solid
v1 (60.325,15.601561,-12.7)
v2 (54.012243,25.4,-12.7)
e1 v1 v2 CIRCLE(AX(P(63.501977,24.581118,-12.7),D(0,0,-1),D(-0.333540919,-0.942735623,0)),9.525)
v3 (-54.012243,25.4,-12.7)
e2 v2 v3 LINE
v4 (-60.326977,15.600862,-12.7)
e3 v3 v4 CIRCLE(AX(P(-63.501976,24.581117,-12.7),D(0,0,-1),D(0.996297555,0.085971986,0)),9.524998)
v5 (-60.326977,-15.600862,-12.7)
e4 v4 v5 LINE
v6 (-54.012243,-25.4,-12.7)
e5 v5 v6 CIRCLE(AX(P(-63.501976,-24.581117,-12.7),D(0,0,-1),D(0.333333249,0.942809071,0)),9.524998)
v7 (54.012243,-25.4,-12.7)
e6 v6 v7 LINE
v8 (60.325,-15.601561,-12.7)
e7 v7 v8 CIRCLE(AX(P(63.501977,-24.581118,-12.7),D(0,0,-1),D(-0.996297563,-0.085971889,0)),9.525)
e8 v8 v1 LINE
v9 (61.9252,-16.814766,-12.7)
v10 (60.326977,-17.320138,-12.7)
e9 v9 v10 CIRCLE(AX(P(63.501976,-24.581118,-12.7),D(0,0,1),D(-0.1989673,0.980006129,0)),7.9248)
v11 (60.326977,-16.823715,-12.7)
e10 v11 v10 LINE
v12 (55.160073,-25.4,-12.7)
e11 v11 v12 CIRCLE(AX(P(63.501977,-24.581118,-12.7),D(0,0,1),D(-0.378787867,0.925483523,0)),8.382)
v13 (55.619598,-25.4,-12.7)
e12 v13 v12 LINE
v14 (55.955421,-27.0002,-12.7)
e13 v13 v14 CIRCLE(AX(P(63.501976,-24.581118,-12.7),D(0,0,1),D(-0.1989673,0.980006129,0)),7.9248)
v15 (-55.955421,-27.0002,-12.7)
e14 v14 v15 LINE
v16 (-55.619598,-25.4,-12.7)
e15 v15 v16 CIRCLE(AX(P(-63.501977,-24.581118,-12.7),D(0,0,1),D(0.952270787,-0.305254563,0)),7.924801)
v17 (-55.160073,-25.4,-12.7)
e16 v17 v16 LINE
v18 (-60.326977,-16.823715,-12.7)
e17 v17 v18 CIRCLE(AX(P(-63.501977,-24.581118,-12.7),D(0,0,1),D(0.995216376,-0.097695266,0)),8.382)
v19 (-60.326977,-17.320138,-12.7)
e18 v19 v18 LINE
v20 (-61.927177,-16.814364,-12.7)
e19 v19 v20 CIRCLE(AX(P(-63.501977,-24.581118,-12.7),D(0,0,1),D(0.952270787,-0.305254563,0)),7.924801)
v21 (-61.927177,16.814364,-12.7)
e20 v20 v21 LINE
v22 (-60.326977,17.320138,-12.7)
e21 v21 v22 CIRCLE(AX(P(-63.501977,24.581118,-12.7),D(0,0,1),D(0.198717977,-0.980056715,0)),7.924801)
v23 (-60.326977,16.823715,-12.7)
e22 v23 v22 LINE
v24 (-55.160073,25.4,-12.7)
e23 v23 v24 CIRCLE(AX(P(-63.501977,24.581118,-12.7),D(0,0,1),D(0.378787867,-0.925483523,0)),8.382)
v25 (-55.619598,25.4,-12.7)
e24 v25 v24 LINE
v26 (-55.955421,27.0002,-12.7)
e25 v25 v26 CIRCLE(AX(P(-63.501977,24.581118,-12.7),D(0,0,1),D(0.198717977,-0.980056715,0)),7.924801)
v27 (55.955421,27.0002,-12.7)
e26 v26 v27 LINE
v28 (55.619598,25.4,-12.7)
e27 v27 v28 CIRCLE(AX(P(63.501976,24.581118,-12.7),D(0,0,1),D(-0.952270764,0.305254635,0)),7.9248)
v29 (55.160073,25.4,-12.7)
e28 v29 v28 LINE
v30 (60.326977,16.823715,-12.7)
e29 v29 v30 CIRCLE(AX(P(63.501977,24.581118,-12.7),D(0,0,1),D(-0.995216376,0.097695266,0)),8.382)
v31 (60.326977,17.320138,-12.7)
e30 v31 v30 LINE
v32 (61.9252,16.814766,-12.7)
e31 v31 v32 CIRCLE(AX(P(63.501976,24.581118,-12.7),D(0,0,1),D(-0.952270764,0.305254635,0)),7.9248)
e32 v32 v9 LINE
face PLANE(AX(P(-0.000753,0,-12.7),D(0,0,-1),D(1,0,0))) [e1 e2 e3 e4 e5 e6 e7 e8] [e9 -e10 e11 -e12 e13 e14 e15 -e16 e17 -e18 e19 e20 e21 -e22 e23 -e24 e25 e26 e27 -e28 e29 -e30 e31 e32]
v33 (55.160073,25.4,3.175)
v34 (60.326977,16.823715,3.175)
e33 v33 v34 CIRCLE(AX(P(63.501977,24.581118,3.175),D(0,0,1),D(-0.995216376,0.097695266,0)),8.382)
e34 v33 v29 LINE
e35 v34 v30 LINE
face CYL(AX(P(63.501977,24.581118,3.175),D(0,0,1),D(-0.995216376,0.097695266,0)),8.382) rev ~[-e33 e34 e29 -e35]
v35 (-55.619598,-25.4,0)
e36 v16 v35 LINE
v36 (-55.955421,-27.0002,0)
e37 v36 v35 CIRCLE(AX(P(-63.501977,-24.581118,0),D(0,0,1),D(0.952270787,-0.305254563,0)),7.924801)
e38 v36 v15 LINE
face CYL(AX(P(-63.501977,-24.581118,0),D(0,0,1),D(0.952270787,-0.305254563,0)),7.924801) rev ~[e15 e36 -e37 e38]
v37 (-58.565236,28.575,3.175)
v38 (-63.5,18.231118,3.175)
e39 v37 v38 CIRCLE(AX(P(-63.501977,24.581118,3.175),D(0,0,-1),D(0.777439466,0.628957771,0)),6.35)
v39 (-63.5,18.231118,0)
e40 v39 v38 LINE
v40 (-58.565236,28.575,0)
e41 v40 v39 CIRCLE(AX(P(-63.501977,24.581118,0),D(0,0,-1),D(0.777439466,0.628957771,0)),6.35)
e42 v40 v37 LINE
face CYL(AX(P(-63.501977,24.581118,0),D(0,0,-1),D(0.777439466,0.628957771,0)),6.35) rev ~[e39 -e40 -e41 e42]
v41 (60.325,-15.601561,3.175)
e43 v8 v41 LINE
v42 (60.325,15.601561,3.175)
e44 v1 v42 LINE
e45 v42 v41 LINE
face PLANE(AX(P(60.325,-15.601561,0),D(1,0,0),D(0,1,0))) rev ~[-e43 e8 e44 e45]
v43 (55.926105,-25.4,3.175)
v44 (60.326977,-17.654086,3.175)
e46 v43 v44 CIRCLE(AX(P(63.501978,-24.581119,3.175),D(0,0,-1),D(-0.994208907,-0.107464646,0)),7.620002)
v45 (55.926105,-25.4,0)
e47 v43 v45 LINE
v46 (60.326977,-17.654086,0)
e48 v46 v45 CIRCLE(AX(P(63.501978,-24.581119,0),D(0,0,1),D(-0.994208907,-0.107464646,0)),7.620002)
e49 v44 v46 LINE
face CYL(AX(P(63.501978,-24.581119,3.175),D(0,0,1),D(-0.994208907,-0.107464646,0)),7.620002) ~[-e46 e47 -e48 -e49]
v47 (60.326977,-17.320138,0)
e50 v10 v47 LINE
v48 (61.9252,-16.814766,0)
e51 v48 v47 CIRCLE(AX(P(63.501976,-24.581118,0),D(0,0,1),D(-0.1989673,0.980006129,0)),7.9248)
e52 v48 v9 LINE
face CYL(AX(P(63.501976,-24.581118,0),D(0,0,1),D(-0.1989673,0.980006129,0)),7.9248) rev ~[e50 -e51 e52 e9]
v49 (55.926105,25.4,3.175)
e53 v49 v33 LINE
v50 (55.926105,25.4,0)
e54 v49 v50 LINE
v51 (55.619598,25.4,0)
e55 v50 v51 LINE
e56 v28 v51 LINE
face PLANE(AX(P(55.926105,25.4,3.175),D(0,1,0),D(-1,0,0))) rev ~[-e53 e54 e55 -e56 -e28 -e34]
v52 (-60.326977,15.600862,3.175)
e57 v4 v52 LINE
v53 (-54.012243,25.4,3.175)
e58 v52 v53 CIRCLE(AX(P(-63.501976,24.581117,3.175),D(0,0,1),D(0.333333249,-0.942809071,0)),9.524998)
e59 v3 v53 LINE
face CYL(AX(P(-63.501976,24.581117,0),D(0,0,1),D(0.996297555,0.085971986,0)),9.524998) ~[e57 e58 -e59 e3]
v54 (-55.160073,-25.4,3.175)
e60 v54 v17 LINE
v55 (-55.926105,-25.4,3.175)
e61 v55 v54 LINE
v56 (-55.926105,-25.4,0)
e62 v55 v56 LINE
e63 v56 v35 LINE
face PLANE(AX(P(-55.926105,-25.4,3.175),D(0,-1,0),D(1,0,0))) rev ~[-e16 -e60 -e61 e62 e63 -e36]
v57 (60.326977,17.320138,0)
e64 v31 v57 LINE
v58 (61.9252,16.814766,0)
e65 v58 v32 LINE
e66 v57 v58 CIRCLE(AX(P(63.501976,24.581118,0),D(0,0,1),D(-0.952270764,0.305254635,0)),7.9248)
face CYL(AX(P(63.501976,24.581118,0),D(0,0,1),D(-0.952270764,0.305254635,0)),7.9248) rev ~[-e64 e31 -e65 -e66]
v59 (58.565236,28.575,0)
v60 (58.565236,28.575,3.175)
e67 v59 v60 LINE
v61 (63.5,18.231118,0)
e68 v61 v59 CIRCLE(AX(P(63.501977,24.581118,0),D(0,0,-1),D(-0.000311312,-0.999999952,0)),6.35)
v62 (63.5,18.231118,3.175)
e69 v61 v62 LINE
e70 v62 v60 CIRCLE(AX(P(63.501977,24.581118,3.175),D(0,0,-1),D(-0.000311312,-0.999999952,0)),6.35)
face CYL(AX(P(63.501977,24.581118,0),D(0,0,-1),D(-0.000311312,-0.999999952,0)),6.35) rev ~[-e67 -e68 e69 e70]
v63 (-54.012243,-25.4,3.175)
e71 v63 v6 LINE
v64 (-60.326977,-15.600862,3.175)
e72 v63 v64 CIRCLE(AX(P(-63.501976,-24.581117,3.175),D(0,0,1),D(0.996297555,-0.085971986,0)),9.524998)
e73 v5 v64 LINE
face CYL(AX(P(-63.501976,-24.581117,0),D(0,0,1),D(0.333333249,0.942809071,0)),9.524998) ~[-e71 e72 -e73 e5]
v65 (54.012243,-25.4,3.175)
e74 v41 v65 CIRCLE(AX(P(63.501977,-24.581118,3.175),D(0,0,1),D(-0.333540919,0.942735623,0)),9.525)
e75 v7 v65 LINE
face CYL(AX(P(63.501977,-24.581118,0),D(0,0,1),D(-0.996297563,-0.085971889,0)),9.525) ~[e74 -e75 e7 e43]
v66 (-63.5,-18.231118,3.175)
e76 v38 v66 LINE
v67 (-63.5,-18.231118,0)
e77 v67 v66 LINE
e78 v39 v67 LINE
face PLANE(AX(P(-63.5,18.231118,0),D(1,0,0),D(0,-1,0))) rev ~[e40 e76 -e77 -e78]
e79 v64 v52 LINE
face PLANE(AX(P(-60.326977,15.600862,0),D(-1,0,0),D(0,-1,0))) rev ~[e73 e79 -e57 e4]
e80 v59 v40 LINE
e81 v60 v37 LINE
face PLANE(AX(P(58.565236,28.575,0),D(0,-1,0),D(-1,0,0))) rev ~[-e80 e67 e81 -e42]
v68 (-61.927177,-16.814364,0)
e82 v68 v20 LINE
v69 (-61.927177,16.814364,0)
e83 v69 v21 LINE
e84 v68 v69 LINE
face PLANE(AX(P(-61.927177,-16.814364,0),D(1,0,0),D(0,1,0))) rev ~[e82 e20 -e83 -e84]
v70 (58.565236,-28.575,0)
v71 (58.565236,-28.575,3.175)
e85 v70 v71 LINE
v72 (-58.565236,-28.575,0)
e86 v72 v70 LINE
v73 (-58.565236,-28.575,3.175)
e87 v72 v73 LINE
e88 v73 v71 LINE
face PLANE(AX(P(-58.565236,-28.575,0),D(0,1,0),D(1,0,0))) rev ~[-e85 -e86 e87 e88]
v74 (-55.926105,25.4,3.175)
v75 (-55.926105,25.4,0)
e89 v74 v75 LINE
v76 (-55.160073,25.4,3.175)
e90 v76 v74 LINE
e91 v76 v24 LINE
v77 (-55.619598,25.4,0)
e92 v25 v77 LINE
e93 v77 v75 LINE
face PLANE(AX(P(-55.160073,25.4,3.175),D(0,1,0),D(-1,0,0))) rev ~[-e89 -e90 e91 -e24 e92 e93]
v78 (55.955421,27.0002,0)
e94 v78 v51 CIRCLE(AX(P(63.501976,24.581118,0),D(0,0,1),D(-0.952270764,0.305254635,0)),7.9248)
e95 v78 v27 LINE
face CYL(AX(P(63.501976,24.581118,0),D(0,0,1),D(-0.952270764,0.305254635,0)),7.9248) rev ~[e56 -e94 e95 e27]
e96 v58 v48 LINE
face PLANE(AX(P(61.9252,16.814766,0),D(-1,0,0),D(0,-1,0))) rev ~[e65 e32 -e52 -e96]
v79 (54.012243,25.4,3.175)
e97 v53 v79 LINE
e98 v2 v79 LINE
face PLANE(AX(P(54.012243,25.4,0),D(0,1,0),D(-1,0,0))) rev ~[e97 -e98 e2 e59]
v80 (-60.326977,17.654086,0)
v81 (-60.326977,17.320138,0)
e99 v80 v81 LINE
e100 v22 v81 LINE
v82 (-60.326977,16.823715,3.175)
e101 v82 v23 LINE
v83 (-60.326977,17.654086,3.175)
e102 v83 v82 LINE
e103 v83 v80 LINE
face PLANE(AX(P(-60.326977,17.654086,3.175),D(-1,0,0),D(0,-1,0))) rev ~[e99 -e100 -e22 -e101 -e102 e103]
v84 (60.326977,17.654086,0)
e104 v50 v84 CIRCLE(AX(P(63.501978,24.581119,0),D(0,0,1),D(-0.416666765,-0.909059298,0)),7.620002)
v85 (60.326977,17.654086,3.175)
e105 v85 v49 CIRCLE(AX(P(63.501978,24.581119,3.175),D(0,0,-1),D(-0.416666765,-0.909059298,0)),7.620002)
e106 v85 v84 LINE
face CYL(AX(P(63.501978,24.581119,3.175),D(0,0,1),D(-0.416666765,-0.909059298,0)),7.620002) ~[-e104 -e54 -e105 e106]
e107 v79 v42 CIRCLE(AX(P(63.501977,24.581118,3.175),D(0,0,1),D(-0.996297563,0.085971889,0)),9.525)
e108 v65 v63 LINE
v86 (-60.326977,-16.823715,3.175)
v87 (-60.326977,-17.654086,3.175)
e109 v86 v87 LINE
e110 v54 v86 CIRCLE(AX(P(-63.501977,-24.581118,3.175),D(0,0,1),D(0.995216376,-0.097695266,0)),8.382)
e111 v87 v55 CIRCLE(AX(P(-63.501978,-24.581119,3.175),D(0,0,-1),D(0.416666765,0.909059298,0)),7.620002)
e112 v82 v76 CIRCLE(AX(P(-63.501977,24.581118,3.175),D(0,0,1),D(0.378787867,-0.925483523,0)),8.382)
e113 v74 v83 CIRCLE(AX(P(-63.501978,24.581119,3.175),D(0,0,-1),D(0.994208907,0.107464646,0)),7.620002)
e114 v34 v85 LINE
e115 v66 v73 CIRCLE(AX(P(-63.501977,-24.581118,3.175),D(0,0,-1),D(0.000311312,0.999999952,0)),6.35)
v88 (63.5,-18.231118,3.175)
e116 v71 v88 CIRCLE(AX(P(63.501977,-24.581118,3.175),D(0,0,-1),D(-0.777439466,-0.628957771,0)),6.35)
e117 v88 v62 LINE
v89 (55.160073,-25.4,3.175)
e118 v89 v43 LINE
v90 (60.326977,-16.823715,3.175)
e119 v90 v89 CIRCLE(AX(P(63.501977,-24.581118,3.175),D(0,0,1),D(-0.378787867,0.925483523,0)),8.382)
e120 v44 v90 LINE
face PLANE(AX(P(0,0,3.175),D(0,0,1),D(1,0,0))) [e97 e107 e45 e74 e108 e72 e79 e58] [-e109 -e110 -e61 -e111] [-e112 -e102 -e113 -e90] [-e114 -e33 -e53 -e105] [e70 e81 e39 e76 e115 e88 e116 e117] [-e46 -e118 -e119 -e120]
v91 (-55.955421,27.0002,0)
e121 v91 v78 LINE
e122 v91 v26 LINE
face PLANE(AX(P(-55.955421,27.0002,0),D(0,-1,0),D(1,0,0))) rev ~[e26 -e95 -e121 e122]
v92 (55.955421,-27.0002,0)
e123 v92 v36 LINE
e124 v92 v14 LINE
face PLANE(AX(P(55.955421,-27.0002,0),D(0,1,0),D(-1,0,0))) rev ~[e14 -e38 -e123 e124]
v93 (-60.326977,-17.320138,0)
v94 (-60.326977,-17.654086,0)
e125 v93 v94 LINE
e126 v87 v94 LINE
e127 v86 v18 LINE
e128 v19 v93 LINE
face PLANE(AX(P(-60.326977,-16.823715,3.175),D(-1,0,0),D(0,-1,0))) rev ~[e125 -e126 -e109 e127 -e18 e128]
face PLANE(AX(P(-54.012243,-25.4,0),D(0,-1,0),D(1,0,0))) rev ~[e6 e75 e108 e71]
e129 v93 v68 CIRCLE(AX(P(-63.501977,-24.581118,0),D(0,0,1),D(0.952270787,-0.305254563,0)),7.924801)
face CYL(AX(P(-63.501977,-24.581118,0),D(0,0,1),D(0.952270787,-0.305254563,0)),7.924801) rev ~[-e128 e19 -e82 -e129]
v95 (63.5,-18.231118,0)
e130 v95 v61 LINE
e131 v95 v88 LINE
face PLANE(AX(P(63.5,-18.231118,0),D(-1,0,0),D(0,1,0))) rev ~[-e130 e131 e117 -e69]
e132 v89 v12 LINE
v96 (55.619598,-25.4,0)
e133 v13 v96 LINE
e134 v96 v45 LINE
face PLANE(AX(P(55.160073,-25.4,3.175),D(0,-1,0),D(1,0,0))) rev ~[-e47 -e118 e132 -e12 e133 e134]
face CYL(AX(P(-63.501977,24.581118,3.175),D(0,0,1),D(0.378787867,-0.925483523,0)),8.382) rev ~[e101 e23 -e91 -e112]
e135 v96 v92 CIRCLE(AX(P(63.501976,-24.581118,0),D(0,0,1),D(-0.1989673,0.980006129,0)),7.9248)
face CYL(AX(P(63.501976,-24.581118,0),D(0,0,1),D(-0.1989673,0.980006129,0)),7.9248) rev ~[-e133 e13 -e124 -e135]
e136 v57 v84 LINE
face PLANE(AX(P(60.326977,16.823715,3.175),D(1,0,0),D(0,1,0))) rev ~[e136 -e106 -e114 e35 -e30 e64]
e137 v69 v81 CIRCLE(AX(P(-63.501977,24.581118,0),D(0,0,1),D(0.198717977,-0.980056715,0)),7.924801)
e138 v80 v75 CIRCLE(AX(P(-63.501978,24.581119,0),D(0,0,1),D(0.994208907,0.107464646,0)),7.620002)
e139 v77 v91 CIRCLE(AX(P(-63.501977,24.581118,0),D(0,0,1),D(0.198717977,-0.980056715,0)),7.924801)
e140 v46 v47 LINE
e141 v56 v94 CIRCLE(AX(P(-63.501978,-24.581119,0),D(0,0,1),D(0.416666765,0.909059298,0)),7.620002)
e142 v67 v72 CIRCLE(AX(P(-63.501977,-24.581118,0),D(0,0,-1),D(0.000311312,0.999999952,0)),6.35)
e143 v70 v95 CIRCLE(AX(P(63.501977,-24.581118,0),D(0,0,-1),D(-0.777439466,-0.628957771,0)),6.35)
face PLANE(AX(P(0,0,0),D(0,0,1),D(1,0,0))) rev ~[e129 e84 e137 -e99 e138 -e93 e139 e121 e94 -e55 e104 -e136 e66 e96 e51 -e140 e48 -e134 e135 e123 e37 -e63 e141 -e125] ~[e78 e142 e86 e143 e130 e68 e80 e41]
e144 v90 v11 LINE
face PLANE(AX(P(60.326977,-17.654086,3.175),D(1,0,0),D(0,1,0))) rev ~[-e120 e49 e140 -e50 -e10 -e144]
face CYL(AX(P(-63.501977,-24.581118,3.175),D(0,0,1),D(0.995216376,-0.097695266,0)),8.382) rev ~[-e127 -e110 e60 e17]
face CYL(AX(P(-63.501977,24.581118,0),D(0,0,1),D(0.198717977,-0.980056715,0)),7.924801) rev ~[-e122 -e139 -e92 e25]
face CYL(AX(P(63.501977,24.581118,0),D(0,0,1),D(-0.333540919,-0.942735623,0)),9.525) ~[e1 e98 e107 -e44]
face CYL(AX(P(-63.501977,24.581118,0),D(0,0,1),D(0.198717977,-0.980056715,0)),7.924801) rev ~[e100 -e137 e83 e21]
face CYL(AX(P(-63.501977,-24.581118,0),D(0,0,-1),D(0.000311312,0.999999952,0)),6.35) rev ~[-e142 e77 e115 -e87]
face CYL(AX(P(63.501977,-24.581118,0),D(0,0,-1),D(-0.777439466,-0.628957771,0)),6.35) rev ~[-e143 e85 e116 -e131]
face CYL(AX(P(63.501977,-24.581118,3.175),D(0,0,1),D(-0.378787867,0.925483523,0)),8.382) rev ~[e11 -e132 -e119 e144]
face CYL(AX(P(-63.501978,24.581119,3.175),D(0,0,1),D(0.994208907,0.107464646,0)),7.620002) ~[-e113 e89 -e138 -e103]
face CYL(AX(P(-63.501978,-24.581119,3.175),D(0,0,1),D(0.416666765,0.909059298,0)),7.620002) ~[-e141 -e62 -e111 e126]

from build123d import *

# Parameters (mm, degrees)
F1_DEPTH = 3.175
F3_DEPTH = 12.7
F5_DEPTH = 25.4


with BuildPart() as f1:
    # F0 (on Top) → F1 (new body)
    with BuildSketch(Plane.XY):
        with BuildLine():
            Line((-58.565236, -28.575), (58.565236, -28.575))
            ThreePointArc((58.565236, -28.575), (57.770772, -21.846928), (63.5, -18.231118))
            Line((63.5, -18.231118), (63.5, 18.231118))
            ThreePointArc((63.5, 18.231118), (57.770772, 21.846928), (58.565236, 28.575))
            Line((58.565236, 28.575), (-58.565236, 28.575))
            ThreePointArc((-58.565236, 28.575), (-57.770772, 21.846928), (-63.5, 18.231118))
            Line((-63.5, 18.231118), (-63.5, -18.231118))
            ThreePointArc((-63.5, -18.231118), (-57.770772, -21.846928), (-58.565236, -28.575))
        make_face()
        with BuildLine():
            ThreePointArc((-54.012243, -25.4), (-55.495439, -19.421566), (-60.326977, -15.600862))
            Line((-60.326977, -15.600862), (-60.326977, 15.600862))
            ThreePointArc((-60.326977, 15.600862), (-55.495439, 19.421566), (-54.012243, 25.4))
            Line((-54.012243, 25.4), (54.012243, 25.4))
            ThreePointArc((54.012243, 25.4), (55.494871, 19.422448), (60.325, 15.601561))
            Line((60.325, 15.601561), (60.325, -15.601561))
            ThreePointArc((60.325, -15.601561), (55.494871, -19.422448), (54.012243, -25.4))
            Line((54.012243, -25.4), (-54.012243, -25.4))
        make_face(mode=Mode.SUBTRACT)
    extrude(amount=F1_DEPTH)

    # F2 (on face) → F3 (join)
    with BuildSketch(Plane(origin=(0, 0, 0), x_dir=(1, 0, 0), z_dir=(0, 0, -1))):
        with BuildLine():
            ThreePointArc((55.955421, -27.0002), (56.664977, -20.573888), (61.9252, -16.814766))
            Line((61.9252, -16.814766), (61.9252, 16.814766))
            ThreePointArc((61.9252, 16.814766), (56.664977, 20.573888), (55.955421, 27.0002))
            Line((55.955421, 27.0002), (-55.955421, 27.0002))
            ThreePointArc((-55.955421, 27.0002), (-56.665487, 20.573018), (-61.927177, 16.814364))
            Line((-61.927177, 16.814364), (-61.927177, -16.814364))
            ThreePointArc((-61.927177, -16.814364), (-56.665487, -20.573018), (-55.955421, -27.0002))
            Line((-55.955421, -27.0002), (55.955421, -27.0002))
        make_face()
        with BuildLine():
            Line((-54.012243, 25.4), (54.012243, 25.4))
            ThreePointArc((54.012243, 25.4), (55.494871, 19.422448), (60.325, 15.601561))
            Line((60.325, 15.601561), (60.325, -15.601561))
            ThreePointArc((60.325, -15.601561), (55.494871, -19.422448), (54.012243, -25.4))
            Line((54.012243, -25.4), (-54.012243, -25.4))
            ThreePointArc((-54.012243, -25.4), (-55.495439, -19.421566), (-60.326977, -15.600862))
            Line((-60.326977, -15.600862), (-60.326977, 15.600862))
            ThreePointArc((-60.326977, 15.600862), (-55.495439, 19.421566), (-54.012243, 25.4))
        make_face(mode=Mode.SUBTRACT)
    extrude(amount=F3_DEPTH)

    # F4 (on face) → F5 (cut)
    with BuildSketch(Plane.XY.offset(3.175)):
        with BuildLine():
            ThreePointArc((-55.926105, 25.4), (-56.876639, 20.816906), (-60.326977, 17.654086))
            Line((-60.326977, 17.654086), (-60.326977, 16.823715))
            ThreePointArc((-60.326977, 16.823715), (-56.322288, 20.255613), (-55.160073, 25.4))
            Line((-55.160073, 25.4), (-55.926105, 25.4))
        make_face()
        with BuildLine():
            ThreePointArc((55.160073, 25.4), (56.322288, 20.255613), (60.326977, 16.823715))
            Line((60.326977, 16.823715), (60.326977, 17.654086))
            ThreePointArc((60.326977, 17.654086), (56.876639, 20.816906), (55.926105, 25.4))
            Line((55.926105, 25.4), (55.160073, 25.4))
        make_face()
        with BuildLine():
            ThreePointArc((-55.160073, -25.4), (-56.322288, -20.255613), (-60.326977, -16.823715))
            Line((-60.326977, -16.823715), (-60.326977, -17.654086))
            ThreePointArc((-60.326977, -17.654086), (-56.876639, -20.816906), (-55.926105, -25.4))
            Line((-55.926105, -25.4), (-55.160073, -25.4))
        make_face()
        with BuildLine():
            Line((60.326977, -17.654086), (60.326977, -16.823715))
            ThreePointArc((60.326977, -16.823715), (56.322288, -20.255613), (55.160073, -25.4))
            Line((55.160073, -25.4), (55.926105, -25.4))
            ThreePointArc((55.926105, -25.4), (56.876639, -20.816906), (60.326977, -17.654086))
        make_face()
    extrude(amount=-F5_DEPTH, mode=Mode.SUBTRACT)


solid = f1.part
